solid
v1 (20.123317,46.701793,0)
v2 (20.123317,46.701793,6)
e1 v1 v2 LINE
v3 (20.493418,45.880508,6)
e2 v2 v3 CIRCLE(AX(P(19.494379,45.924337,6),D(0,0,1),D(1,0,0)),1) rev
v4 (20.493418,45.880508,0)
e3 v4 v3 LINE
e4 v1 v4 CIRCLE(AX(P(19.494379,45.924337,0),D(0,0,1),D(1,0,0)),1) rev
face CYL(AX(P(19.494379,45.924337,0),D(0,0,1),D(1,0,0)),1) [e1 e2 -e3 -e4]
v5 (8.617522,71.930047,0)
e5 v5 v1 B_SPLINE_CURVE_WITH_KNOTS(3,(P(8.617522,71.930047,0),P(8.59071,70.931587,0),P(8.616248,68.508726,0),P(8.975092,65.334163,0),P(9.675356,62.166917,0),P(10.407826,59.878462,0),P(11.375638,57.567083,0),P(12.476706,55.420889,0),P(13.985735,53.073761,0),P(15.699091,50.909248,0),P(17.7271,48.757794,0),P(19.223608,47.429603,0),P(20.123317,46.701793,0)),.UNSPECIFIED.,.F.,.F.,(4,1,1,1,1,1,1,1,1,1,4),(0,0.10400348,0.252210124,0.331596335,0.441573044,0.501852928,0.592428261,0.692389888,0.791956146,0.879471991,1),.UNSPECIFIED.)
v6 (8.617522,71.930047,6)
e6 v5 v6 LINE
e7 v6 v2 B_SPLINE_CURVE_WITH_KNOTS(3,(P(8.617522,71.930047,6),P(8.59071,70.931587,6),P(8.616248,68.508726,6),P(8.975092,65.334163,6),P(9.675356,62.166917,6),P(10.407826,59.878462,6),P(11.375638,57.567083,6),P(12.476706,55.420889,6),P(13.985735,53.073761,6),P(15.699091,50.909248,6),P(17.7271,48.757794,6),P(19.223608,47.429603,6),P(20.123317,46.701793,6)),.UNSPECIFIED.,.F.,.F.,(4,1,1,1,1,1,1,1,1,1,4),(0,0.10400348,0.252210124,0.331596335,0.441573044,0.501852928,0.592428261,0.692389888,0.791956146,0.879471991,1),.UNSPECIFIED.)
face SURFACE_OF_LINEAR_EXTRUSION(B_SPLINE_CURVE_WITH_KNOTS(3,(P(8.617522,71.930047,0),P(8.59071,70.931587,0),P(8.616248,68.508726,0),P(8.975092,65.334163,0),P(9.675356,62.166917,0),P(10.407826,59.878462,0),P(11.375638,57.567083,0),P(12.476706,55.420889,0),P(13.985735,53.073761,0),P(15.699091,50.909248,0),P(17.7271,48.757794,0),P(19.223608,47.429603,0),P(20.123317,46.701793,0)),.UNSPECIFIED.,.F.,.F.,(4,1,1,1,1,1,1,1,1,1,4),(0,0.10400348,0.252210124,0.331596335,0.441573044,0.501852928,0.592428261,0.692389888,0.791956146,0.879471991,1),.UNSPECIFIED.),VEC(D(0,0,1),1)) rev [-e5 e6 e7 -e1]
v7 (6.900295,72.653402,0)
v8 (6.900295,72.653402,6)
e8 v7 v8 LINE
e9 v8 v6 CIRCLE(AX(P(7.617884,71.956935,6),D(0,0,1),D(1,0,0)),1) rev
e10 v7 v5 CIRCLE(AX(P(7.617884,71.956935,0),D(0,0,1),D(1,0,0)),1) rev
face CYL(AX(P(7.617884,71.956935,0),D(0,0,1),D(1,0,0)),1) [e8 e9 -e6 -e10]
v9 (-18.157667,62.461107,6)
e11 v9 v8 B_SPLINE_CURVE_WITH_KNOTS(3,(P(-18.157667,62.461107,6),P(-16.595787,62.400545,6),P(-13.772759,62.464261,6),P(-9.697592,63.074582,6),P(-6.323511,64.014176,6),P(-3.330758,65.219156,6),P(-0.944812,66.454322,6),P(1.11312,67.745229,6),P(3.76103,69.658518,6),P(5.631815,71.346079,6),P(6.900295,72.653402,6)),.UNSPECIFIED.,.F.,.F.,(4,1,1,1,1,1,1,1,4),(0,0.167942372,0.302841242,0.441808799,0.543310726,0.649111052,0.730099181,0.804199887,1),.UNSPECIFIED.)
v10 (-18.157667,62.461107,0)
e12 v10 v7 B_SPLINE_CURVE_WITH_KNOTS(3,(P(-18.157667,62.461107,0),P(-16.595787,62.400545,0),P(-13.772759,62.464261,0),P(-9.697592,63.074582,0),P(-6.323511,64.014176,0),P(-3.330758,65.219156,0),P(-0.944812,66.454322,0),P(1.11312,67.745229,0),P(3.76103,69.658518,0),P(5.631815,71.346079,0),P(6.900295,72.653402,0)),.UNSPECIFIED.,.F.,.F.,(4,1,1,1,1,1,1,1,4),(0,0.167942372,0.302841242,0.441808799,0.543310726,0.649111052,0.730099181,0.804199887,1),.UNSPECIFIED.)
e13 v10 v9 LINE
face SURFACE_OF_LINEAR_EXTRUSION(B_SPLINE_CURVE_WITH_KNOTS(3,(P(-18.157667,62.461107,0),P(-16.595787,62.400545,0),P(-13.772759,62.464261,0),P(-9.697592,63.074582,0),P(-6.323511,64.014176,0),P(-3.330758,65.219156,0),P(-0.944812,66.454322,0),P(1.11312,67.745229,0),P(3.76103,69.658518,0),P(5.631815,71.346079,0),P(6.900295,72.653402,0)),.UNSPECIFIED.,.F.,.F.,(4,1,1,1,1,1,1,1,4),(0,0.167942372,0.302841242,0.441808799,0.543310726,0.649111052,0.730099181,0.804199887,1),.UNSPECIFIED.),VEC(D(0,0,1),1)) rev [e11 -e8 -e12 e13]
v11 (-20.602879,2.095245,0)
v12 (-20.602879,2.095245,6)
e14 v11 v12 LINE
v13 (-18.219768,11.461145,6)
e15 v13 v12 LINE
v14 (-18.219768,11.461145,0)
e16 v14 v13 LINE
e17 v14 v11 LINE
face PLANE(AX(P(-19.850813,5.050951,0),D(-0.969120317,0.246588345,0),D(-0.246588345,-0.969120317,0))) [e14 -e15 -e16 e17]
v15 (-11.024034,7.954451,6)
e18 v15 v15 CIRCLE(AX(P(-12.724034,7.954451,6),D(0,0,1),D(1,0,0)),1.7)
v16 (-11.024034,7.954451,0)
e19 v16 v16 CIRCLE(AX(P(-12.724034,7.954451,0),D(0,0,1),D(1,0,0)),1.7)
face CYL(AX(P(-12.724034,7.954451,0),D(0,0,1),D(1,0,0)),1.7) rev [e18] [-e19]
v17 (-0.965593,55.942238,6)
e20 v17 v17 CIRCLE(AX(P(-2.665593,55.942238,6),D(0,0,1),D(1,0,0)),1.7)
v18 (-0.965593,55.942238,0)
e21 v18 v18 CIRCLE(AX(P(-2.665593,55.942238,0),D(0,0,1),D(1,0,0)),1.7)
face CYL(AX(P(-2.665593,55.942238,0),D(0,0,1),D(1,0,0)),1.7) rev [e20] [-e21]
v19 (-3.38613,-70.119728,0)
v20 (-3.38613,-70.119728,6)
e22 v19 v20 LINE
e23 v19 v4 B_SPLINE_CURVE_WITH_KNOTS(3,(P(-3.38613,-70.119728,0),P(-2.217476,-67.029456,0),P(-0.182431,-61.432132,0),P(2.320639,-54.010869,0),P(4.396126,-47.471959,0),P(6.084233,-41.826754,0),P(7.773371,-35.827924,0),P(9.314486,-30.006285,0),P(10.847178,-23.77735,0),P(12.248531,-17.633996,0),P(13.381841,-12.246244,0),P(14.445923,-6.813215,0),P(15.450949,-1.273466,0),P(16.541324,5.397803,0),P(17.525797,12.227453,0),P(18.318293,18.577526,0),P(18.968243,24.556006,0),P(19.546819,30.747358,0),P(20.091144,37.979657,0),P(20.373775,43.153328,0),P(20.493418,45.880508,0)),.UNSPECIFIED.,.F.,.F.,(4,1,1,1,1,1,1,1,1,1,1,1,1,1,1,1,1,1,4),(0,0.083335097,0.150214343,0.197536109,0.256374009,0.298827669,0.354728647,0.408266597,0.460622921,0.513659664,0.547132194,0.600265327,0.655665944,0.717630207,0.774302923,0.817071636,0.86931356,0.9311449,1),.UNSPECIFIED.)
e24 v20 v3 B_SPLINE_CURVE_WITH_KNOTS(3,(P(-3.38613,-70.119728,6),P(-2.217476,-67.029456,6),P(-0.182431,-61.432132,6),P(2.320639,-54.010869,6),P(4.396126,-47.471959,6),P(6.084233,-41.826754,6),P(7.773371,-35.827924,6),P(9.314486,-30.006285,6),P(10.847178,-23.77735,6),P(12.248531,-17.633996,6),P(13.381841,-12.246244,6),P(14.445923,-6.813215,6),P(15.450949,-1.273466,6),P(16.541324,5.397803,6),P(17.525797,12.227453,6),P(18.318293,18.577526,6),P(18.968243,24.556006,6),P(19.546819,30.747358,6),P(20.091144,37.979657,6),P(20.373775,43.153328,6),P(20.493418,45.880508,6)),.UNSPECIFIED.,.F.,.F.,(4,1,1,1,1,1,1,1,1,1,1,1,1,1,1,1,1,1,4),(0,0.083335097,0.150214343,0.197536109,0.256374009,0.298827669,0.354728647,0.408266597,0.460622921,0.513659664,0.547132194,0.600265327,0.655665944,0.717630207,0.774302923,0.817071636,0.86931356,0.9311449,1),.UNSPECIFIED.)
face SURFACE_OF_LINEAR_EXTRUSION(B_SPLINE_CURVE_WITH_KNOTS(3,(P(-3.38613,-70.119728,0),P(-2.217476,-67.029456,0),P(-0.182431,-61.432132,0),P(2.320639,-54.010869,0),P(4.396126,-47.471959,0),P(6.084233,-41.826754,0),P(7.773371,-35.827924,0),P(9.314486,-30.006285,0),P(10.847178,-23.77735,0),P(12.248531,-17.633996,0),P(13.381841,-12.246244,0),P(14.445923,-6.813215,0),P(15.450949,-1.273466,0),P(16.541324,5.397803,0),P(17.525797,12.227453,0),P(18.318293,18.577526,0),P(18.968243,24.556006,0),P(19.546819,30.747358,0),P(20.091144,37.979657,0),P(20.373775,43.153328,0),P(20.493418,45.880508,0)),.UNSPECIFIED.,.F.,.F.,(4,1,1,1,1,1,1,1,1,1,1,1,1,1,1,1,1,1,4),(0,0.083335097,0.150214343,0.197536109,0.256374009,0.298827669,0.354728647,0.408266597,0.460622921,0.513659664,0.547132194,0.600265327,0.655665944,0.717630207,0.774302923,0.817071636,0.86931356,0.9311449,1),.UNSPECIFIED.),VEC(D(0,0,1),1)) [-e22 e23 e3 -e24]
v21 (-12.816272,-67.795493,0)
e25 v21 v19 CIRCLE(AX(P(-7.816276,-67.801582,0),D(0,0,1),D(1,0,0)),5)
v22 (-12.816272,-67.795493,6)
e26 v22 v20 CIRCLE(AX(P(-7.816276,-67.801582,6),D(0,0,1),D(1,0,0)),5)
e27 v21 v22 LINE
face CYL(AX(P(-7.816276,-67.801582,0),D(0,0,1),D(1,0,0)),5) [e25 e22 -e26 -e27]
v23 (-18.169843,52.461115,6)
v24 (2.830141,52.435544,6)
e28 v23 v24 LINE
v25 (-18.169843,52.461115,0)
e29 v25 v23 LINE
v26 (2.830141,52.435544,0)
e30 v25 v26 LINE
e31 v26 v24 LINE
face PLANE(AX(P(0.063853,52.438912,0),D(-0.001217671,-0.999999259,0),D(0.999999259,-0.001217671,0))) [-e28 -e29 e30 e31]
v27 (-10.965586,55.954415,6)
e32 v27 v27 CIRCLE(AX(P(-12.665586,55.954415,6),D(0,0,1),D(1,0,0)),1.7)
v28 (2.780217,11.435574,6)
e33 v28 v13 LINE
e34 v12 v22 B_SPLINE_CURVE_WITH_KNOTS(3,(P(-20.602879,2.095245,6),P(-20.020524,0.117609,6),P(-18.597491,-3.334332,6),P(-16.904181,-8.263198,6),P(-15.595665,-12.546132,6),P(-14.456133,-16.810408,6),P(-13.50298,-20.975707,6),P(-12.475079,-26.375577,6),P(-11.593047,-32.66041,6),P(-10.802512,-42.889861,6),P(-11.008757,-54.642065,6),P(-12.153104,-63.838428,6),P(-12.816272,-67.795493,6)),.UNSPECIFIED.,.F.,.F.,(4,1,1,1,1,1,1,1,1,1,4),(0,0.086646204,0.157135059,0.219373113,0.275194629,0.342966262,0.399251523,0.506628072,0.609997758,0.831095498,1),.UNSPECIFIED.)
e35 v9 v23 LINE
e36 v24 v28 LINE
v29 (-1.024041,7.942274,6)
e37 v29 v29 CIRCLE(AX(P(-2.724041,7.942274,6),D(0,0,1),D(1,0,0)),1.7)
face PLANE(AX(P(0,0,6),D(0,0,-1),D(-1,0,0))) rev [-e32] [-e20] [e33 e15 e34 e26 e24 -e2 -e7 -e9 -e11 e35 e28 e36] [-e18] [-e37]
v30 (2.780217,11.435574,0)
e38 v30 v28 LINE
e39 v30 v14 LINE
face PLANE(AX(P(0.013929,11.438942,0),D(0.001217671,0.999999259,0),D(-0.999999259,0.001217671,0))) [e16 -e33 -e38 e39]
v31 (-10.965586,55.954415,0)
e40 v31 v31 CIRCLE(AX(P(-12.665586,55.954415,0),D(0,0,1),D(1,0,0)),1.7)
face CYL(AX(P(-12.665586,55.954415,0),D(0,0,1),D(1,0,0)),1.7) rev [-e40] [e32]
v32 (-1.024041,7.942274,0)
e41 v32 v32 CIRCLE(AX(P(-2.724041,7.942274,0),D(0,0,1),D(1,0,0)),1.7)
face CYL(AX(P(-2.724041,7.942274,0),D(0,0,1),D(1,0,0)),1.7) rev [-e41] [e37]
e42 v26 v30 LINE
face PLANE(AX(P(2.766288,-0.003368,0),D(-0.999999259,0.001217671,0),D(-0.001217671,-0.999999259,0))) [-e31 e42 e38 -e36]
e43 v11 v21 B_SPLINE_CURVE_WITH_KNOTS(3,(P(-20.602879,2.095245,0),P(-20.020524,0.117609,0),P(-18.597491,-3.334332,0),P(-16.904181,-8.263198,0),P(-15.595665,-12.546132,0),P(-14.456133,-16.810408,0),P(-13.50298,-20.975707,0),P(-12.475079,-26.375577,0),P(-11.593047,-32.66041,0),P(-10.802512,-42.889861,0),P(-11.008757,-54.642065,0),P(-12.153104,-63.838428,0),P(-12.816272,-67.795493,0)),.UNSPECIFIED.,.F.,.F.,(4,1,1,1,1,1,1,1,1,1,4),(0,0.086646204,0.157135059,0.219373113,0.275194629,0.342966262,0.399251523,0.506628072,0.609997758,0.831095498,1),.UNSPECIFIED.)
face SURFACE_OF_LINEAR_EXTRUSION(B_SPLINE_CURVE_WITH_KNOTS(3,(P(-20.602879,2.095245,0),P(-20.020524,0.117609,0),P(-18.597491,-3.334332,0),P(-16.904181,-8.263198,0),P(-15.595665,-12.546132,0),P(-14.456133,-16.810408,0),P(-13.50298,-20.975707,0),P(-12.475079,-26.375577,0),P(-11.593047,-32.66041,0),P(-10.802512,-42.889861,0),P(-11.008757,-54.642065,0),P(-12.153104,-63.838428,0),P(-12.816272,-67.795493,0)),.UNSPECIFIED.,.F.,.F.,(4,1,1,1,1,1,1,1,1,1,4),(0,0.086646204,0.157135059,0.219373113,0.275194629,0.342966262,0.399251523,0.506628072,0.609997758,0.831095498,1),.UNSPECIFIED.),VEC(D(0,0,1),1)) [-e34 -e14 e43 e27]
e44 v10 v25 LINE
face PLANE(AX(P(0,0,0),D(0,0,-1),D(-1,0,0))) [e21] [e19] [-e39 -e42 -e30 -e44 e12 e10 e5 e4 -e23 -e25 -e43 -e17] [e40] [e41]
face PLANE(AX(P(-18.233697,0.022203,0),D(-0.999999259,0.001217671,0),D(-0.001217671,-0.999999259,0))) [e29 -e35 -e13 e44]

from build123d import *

# Parameters (mm, degrees)
SKETCH1_W           = 50
SKETCH1_H           = 146
BOSS_EXTRUDE1_DEPTH = 6
SKETCH3_W           = 50
SKETCH3_H           = 146
SKETCH3_R           = 1.7
CUT_EXTRUDE1_DEPTH  = 78.395090284


with BuildPart() as part:
    # Sketch1 → Boss-Extrude1 (new body)
    with BuildSketch(Plane.XY):
        Rectangle(SKETCH1_W, SKETCH1_H)
    extrude(amount=BOSS_EXTRUDE1_DEPTH)

    # Sketch3 → Cut-Extrude1 (cut, through all)
    # profile 1 of 5: a face of its own
    with BuildSketch(Plane.XY.offset(6)):
        Rectangle(SKETCH3_W, SKETCH3_H)
        with BuildLine():
            Line((-18.157666585, 62.461107324), (-18.169843297, 52.461114738))
            Line((-18.169843297, 52.461114738), (2.830141135, 52.435543643))
            Line((2.830141135, 52.435543643), (2.780216616, 11.435574039))
            Line((2.780216616, 11.435574039), (-18.219767816, 11.461145134))
            Line((-18.219767816, 11.461145134), (-20.602879389, 2.095244868))
            add(Edge.make_bspline(
                [(-20.602879389, 2.095244868), (-20.020523896, 0.117608734), (-18.597491452, -3.334331588), (-16.904181184, -8.263198364), (-15.595665152, -12.546131745), (-14.456132729, -16.810408344), (-13.502980015, -20.975707084), (-12.475078727, -26.375577077), (-11.593046993, -32.660410116), (-10.802512336, -42.889860589), (-11.008756714, -54.642065179), (-12.153104447, -63.838427604), (-12.816272335, -67.795493305)],
                knots=[0, 0, 0, 0, 0.086646204, 0.157135059, 0.219373113, 0.275194629, 0.342966262, 0.399251523, 0.506628072, 0.609997758, 0.831095498, 1, 1, 1, 1], degree=3))
            ThreePointArc((-12.816272335, -67.795493305), (-9.012812454, -72.656301077), (-3.386129771, -70.119728338))
            add(Edge.make_bspline(
                [(-3.386129771, -70.119728338), (-2.21747594, -67.029455897), (-0.182430908, -61.43213239), (2.320638839, -54.010869169), (4.39612593, -47.471958806), (6.084233389, -41.826754396), (7.773371334, -35.827923865), (9.314485553, -30.006285299), (10.847177653, -23.777350088), (12.248531309, -17.633995633), (13.38184099, -12.246243723), (14.445923409, -6.813215488), (15.450948646, -1.273466268), (16.541323936, 5.397802811), (17.525796818, 12.227452617), (18.318292736, 18.577526245), (18.968243317, 24.556005739), (19.546819221, 30.747357743), (20.091144312, 37.979656821), (20.373774924, 43.153327808), (20.493418189, 45.880508448)],
                knots=[0, 0, 0, 0, 0.083335097, 0.150214343, 0.197536109, 0.256374009, 0.298827669, 0.354728647, 0.408266597, 0.460622921, 0.513659664, 0.547132194, 0.600265327, 0.655665944, 0.717630207, 0.774302923, 0.817071636, 0.86931356, 0.9311449, 1, 1, 1, 1], degree=3))
            ThreePointArc((20.493418189, 45.880508448), (20.406083271, 46.335184873), (20.123317244, 46.701792855))
            add(Edge.make_bspline(
                [(8.617522303, 71.930046937), (8.590710324, 70.931587333), (8.616247935, 68.508726225), (8.97509159, 65.334163001), (9.675355593, 62.166917416), (10.407826162, 59.878461992), (11.375637803, 57.567082564), (12.476705695, 55.420888781), (13.985734658, 53.073760845), (15.699091005, 50.90924769), (17.727100256, 48.757794454), (19.223608489, 47.429602703), (20.123317244, 46.701792855)],
                knots=[0, 0, 0, 0, 0.10400348, 0.252210124, 0.331596335, 0.441573044, 0.501852928, 0.592428261, 0.692389888, 0.791956146, 0.879471991, 1, 1, 1, 1], degree=3))
            ThreePointArc((8.617522303, 71.930046937), (8.006083211, 72.878510262), (6.900295351, 72.653402178))
            add(Edge.make_bspline(
                [(-18.157666585, 62.461107324), (-16.595787428, 62.40054525), (-13.772759201, 62.464261258), (-9.697592278, 63.074582136), (-6.3235109, 64.014176015), (-3.330757616, 65.219156255), (-0.94481153, 66.454321846), (1.113119903, 67.745229422), (3.761030335, 69.658518488), (5.631814544, 71.346079367), (6.900295351, 72.653402178)],
                knots=[0, 0, 0, 0, 0.167942372, 0.302841242, 0.441808799, 0.543310726, 0.649111052, 0.730099181, 0.804199887, 1, 1, 1, 1], degree=3))
        make_face(mode=Mode.SUBTRACT)
    # profile 2 of 5: a face of its own
    with BuildSketch(Plane.XY.offset(6)):
        with Locations((-12.724033742, 7.954450537)):
            Circle(SKETCH3_R)
    # profile 3 of 5: a face of its own
    with BuildSketch(Plane.XY.offset(6)):
        with Locations((-2.724041156, 7.942273825)):
            Circle(SKETCH3_R)
    # profile 4 of 5: a face of its own
    with BuildSketch(Plane.XY.offset(6)):
        with Locations((-12.665585525, 55.954414952)):
            Circle(SKETCH3_R)
    # profile 5 of 5: a face of its own
    with BuildSketch(Plane.XY.offset(6)):
        with Locations((-2.665592939, 55.94223824)):
            Circle(SKETCH3_R)
    extrude(amount=-CUT_EXTRUDE1_DEPTH, mode=Mode.SUBTRACT)


solid = part.part
